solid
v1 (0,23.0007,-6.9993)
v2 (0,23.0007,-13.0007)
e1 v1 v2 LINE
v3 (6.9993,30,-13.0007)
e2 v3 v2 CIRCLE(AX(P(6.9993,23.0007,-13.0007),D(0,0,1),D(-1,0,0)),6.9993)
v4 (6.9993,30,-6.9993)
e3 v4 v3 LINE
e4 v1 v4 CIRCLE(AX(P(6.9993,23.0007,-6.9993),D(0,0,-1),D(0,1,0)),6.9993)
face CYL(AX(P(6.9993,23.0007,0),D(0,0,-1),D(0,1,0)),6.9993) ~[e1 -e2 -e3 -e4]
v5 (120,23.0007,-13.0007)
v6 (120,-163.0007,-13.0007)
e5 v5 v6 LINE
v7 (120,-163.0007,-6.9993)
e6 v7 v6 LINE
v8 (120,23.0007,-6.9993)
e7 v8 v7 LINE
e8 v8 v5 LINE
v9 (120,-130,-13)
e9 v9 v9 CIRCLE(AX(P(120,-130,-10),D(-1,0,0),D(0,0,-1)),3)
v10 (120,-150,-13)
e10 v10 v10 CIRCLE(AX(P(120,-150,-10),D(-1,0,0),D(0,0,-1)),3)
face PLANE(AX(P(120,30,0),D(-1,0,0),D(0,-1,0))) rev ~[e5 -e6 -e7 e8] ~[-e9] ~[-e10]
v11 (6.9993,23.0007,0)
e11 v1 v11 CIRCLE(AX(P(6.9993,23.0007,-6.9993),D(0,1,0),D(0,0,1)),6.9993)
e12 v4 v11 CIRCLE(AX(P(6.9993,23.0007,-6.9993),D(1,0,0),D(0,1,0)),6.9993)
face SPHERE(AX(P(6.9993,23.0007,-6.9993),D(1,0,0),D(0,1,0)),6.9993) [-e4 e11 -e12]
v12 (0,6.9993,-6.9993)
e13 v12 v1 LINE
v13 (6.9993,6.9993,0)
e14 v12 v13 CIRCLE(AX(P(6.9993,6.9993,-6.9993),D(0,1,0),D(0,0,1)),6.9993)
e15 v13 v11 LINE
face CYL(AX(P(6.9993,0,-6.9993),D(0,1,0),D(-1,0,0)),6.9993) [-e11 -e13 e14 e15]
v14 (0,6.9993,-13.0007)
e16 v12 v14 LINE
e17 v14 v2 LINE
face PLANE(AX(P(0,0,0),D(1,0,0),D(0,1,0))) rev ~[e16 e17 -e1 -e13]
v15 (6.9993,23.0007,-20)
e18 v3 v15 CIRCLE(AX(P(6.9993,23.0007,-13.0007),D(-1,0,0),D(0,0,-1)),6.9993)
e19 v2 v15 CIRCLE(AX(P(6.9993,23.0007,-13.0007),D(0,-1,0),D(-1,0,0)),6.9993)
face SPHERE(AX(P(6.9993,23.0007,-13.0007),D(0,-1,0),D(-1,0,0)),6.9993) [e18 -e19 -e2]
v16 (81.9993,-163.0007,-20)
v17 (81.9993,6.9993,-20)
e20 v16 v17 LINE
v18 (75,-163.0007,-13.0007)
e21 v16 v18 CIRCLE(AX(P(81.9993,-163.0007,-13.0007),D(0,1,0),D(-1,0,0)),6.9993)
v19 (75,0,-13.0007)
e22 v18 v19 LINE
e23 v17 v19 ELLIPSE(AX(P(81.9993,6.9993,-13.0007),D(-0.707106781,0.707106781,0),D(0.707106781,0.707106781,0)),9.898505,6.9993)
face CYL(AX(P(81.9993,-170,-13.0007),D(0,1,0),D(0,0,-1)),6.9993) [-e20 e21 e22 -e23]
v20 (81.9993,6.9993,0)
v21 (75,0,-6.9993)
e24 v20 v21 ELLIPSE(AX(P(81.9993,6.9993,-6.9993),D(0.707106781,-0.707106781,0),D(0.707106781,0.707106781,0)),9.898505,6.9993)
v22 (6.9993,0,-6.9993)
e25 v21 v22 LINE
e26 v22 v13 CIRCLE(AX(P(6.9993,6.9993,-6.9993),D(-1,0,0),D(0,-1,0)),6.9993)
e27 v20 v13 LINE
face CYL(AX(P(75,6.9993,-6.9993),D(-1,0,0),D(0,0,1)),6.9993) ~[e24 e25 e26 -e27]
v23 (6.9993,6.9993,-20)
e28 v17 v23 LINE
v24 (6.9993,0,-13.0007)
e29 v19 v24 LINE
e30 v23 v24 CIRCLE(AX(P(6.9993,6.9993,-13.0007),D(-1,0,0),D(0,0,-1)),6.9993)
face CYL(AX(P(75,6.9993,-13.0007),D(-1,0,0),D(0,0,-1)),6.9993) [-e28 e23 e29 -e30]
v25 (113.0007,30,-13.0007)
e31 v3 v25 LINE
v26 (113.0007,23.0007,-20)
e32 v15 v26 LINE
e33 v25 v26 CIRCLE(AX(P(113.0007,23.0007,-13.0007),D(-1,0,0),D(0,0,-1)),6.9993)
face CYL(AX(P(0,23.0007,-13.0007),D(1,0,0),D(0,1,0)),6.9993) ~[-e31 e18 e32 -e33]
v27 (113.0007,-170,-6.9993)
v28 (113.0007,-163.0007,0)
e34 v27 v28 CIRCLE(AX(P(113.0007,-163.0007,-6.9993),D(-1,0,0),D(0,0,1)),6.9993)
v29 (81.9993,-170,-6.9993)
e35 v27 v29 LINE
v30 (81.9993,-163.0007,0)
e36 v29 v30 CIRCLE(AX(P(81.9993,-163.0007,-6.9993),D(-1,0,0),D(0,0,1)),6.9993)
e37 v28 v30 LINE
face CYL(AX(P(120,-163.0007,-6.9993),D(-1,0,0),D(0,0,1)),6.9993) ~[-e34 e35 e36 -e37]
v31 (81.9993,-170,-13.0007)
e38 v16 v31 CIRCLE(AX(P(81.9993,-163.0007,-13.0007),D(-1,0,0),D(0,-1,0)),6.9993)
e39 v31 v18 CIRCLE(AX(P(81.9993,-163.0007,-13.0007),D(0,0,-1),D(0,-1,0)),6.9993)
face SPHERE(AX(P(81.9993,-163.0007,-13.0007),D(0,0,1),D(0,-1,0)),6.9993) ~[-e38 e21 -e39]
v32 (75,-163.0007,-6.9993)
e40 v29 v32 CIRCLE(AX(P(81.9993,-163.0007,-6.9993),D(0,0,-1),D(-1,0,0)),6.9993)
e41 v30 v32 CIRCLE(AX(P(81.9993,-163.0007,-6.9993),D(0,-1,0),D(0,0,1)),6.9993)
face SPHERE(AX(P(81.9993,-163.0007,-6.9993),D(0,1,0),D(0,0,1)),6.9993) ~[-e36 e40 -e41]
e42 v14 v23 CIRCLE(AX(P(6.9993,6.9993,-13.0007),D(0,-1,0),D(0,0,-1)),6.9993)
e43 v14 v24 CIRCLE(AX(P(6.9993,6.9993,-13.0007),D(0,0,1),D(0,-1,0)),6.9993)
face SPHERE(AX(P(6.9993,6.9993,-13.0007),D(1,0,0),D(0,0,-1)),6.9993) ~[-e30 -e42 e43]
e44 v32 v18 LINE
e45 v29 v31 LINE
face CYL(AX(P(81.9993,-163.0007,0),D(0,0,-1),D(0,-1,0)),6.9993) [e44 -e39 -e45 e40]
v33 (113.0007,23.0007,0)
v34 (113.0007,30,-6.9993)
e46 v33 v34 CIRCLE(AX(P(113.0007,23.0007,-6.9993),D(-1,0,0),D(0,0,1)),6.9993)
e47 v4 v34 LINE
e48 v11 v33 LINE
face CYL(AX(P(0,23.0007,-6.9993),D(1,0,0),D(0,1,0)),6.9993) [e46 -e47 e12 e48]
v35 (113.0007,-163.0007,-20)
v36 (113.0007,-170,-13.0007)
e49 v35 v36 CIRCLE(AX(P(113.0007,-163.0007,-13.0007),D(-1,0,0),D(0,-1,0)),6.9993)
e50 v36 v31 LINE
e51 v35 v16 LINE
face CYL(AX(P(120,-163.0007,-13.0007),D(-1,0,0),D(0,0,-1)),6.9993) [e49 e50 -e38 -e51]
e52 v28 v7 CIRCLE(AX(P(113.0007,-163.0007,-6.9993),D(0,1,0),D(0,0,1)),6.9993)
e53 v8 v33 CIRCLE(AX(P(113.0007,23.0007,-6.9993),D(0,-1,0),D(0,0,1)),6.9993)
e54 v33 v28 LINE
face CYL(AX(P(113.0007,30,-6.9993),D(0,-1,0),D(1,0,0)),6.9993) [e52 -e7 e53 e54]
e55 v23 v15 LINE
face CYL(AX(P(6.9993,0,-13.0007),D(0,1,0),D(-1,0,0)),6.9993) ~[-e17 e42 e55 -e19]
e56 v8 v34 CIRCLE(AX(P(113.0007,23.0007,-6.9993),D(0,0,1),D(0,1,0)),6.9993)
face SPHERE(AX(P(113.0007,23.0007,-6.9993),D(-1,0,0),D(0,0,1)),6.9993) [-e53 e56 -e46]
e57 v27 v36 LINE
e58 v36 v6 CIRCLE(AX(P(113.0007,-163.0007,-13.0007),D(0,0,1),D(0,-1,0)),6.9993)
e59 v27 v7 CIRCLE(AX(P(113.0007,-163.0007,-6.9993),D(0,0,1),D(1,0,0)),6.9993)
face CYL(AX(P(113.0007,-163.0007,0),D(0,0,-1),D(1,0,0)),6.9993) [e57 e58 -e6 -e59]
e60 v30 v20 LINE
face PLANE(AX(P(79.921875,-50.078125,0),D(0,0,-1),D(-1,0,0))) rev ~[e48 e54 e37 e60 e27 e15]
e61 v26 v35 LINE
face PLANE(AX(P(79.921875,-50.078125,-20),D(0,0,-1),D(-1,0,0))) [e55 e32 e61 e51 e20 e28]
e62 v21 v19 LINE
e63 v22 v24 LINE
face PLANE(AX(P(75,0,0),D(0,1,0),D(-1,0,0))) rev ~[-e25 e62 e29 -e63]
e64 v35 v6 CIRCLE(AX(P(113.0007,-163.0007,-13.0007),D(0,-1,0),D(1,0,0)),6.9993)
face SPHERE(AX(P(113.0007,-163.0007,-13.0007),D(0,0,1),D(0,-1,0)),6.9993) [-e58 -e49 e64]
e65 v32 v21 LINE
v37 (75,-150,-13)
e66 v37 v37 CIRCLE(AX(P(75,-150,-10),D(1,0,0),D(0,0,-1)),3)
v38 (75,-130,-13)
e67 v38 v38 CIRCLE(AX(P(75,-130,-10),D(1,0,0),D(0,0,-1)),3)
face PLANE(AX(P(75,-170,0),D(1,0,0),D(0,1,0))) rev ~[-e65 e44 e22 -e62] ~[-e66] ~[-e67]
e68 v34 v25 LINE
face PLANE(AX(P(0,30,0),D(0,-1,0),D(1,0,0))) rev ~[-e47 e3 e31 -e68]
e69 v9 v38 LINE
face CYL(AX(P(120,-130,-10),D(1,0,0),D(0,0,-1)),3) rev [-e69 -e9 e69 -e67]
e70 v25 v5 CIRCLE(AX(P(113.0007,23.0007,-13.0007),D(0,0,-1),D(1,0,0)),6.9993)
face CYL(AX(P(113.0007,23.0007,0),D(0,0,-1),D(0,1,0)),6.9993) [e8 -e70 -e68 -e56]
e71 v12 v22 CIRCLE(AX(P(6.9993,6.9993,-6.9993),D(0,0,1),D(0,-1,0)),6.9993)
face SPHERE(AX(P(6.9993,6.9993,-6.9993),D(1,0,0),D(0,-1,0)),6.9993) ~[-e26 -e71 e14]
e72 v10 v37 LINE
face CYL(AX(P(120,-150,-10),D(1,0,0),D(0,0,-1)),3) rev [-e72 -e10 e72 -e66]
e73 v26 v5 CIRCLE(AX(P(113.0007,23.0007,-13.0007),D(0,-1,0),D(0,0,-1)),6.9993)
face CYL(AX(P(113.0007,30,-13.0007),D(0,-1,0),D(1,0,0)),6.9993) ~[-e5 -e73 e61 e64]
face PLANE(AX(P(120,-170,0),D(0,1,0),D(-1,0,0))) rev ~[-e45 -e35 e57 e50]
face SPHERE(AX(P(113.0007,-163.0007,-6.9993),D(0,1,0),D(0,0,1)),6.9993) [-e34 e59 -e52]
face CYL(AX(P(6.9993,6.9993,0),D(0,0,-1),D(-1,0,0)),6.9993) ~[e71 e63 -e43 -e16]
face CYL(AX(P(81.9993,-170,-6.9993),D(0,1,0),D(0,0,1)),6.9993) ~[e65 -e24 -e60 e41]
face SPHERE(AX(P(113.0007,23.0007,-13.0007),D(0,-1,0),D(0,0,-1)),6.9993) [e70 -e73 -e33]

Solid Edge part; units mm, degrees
sketch "Sketch1" plane through (0, 0, 0) normal (0, 0, 1) x (1, 0, 0)
  line L0 (0, 30) -> (120, 30)
  line L1 (120, 30) -> (120, -170)
  line L2 (120, -170) -> (75, -170)
  line L3 (75, -170) -> (75, 0)
  line L4 (75, 0) -> (0, 0)
  line L5 (0, 0) -> (0, 30)
  dimension "D1" = 30
  dimension "D2" = 200
  dimension "D3" = 45
  dimension "D4" = 120
extrude "Protrusion1" add sketch "Sketch1" against normal blind 20
hole "Hole1" at (120, -150, -10) direction (-1, 0, 0) diameter 6 end up to next
hole "Hole2" at (120, -130, -10) direction (-1, 0, 0) diameter 6 end up to next
fillet "Avrundning" radius 7 17 edges at (60, 30, 0) (120, -70, 0) (75, -85, 0) (37.5, 0, 0) (97.5, -170, 0) (75, -170, -10) (120, -170, -10) (97.5, -170, -20) (75, -85, -20) (120, -70, -20) (37.5, 0, -20) (0, 15, -20) (0, 0, -10) (0, 30, -10) (0, 15, 0) (60, 30, -20) (120, 30, -10)
properties material "Aluminum, 1060"
